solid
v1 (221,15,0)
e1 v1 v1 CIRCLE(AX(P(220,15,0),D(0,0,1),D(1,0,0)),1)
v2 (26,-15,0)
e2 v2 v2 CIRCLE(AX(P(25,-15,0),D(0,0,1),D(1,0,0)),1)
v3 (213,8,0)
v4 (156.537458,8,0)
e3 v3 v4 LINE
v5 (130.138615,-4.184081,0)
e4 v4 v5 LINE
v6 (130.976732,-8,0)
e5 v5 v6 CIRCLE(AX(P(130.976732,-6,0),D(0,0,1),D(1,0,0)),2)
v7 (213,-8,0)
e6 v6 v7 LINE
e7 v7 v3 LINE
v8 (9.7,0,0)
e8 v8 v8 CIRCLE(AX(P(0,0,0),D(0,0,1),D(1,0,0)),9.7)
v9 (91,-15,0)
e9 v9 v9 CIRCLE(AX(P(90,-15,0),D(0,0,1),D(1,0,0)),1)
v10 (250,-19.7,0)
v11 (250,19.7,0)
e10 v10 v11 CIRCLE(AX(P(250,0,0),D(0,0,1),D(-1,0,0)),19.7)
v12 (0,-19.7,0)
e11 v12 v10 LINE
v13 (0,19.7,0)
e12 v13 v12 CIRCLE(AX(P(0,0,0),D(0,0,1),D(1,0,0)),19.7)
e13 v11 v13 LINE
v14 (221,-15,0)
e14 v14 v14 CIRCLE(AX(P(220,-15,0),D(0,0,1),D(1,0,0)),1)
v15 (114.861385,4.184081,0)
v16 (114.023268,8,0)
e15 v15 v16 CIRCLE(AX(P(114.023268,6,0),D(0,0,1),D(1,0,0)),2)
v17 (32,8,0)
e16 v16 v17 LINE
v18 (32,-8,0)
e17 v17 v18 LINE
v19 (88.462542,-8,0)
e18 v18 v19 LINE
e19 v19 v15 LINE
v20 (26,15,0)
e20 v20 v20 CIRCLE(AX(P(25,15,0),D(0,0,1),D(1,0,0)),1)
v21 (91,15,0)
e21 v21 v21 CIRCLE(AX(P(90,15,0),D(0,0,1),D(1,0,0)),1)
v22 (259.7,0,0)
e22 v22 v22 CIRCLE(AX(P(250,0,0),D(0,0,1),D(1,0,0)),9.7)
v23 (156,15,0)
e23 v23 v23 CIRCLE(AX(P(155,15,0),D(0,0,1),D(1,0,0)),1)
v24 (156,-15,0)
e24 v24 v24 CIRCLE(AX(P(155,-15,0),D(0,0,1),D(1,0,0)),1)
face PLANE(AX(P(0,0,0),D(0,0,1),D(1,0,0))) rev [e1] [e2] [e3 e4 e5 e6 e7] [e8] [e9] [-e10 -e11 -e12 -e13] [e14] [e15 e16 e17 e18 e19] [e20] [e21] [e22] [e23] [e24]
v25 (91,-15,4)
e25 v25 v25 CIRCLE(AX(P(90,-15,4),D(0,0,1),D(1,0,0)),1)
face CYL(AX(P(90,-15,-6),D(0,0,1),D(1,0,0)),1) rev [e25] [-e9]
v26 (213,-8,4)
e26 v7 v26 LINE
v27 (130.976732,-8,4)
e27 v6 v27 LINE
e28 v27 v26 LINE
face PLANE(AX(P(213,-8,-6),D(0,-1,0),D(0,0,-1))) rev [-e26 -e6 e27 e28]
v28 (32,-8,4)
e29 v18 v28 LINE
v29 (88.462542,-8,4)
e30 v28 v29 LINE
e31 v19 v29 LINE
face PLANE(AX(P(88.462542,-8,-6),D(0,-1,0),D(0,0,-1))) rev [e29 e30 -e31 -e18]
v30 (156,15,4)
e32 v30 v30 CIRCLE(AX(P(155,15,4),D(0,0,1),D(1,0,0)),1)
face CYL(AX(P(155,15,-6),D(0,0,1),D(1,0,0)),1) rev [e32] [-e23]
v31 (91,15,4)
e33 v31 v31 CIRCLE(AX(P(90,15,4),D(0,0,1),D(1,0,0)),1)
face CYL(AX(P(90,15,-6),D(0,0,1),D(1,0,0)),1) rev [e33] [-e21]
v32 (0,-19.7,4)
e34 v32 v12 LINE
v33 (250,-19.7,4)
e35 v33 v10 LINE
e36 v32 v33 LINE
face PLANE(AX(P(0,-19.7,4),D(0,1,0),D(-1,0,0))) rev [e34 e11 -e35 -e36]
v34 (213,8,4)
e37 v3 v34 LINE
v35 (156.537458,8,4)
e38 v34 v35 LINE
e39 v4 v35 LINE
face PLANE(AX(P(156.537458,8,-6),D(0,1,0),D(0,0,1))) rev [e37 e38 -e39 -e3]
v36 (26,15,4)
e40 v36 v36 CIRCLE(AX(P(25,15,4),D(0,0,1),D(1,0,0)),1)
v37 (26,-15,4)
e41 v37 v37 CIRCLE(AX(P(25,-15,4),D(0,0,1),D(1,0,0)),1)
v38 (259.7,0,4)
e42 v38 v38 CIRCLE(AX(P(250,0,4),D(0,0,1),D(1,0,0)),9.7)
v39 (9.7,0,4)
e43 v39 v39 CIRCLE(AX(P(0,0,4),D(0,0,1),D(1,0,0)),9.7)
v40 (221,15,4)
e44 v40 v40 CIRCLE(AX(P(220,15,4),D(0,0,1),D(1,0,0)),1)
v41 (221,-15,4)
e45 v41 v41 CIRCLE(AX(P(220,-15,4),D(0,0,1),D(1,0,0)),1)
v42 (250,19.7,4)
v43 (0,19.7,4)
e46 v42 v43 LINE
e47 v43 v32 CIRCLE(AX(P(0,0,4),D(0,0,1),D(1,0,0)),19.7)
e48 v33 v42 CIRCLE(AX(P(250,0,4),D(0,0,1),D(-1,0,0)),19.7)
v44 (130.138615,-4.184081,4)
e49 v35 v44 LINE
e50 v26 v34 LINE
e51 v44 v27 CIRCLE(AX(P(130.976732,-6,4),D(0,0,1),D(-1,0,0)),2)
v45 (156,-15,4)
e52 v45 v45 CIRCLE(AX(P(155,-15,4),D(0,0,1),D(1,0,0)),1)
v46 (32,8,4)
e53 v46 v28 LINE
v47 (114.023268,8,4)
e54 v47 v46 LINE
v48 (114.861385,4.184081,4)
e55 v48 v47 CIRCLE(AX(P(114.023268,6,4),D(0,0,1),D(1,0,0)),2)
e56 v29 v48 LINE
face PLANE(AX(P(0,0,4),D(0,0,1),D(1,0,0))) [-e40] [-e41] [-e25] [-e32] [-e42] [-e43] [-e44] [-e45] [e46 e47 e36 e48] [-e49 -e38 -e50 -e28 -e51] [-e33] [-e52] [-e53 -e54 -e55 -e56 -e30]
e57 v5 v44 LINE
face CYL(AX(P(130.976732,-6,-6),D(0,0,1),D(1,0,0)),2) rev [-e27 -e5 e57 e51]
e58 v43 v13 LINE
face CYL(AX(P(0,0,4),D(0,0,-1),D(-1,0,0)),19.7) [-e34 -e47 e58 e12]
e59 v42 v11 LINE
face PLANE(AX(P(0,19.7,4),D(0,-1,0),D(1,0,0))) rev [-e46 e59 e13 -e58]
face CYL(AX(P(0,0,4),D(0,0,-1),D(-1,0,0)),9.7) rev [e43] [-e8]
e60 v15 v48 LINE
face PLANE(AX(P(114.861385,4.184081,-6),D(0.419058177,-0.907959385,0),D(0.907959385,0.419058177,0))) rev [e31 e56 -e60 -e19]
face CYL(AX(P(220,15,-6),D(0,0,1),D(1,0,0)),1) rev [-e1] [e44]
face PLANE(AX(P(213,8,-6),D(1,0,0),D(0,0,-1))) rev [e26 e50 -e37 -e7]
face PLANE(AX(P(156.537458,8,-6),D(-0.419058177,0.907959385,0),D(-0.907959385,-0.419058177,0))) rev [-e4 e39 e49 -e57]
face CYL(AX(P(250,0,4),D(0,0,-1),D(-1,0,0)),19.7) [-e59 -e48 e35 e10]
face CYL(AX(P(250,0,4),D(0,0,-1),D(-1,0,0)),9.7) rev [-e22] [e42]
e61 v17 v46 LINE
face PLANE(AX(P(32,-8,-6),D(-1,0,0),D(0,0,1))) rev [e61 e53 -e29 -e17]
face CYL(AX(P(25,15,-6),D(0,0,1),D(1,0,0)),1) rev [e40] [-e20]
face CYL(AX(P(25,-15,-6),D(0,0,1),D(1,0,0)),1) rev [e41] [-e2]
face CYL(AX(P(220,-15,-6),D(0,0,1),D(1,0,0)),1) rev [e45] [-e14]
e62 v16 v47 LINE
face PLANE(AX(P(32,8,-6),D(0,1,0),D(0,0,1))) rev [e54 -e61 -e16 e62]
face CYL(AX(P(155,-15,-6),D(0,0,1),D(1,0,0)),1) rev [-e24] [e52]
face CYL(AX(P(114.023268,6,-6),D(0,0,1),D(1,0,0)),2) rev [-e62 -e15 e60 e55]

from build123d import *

# Parameters (mm, degrees)
SKETCH_1_R          = 9.7
EXTRUDE_1_DEPTH     = 4
SKETCH_2_R          = 1
CUT_EXTRUDE_1_DEPTH = 10
CUT_EXTRUDE_2_DEPTH = 10


with BuildPart() as part:
    # 草图1 → 凸台-拉伸1 (new body)
    with BuildSketch(Plane.XY):
        with BuildLine():
            Line((0, 19.7), (250, 19.7))
            ThreePointArc((250, 19.7), (269.7, 0), (250, -19.7))
            Line((250, -19.7), (0, -19.7))
            ThreePointArc((0, -19.7), (-19.7, 0), (0, 19.7))
        make_face()
        Circle(SKETCH_1_R, mode=Mode.SUBTRACT)
        with Locations((250, 0)):
            Circle(SKETCH_1_R, mode=Mode.SUBTRACT)
    extrude(amount=EXTRUDE_1_DEPTH)

    # 草图2 → 切除-拉伸1 (cut)
    with BuildSketch(Plane.XY.offset(4)):
        with Locations((25, 15)):
            Circle(SKETCH_2_R)
        with Locations((90, 15)):
            Circle(SKETCH_2_R)
        with Locations((155, 15)):
            Circle(SKETCH_2_R)
        with Locations((220, 15)):
            Circle(SKETCH_2_R)
        with Locations((90, -15)):
            Circle(SKETCH_2_R)
        with Locations((155, -15)):
            Circle(SKETCH_2_R)
        with Locations((220, -15)):
            Circle(SKETCH_2_R)
        with Locations((25, -15)):
            Circle(SKETCH_2_R)
    extrude(amount=-CUT_EXTRUDE_1_DEPTH, mode=Mode.SUBTRACT)

    # 草图3 → 切除-拉伸2 (cut)
    with BuildSketch(Plane.XY.offset(4)):
        with BuildLine():
            Line((32, 8), (114.023268405, 8))
            ThreePointArc((114.023268405, 8), (115.976706085, 6.429046887), (114.86138476, 4.184081231))
            Line((114.86138476, 4.184081231), (88.462542093, -8))
            Line((88.462542093, -8), (32, -8))
            Line((32, -8), (32, 8))
        make_face()
        with BuildLine():
            Line((156.537457907, 8), (130.13861524, -4.184081231))
            ThreePointArc((130.13861524, -4.184081231), (129.023293915, -6.429046887), (130.976731595, -8))
            Line((130.976731595, -8), (213, -8))
            Line((213, -8), (213, 8))
            Line((213, 8), (156.537457907, 8))
        make_face()
    extrude(amount=-CUT_EXTRUDE_2_DEPTH, mode=Mode.SUBTRACT)


solid = part.part
